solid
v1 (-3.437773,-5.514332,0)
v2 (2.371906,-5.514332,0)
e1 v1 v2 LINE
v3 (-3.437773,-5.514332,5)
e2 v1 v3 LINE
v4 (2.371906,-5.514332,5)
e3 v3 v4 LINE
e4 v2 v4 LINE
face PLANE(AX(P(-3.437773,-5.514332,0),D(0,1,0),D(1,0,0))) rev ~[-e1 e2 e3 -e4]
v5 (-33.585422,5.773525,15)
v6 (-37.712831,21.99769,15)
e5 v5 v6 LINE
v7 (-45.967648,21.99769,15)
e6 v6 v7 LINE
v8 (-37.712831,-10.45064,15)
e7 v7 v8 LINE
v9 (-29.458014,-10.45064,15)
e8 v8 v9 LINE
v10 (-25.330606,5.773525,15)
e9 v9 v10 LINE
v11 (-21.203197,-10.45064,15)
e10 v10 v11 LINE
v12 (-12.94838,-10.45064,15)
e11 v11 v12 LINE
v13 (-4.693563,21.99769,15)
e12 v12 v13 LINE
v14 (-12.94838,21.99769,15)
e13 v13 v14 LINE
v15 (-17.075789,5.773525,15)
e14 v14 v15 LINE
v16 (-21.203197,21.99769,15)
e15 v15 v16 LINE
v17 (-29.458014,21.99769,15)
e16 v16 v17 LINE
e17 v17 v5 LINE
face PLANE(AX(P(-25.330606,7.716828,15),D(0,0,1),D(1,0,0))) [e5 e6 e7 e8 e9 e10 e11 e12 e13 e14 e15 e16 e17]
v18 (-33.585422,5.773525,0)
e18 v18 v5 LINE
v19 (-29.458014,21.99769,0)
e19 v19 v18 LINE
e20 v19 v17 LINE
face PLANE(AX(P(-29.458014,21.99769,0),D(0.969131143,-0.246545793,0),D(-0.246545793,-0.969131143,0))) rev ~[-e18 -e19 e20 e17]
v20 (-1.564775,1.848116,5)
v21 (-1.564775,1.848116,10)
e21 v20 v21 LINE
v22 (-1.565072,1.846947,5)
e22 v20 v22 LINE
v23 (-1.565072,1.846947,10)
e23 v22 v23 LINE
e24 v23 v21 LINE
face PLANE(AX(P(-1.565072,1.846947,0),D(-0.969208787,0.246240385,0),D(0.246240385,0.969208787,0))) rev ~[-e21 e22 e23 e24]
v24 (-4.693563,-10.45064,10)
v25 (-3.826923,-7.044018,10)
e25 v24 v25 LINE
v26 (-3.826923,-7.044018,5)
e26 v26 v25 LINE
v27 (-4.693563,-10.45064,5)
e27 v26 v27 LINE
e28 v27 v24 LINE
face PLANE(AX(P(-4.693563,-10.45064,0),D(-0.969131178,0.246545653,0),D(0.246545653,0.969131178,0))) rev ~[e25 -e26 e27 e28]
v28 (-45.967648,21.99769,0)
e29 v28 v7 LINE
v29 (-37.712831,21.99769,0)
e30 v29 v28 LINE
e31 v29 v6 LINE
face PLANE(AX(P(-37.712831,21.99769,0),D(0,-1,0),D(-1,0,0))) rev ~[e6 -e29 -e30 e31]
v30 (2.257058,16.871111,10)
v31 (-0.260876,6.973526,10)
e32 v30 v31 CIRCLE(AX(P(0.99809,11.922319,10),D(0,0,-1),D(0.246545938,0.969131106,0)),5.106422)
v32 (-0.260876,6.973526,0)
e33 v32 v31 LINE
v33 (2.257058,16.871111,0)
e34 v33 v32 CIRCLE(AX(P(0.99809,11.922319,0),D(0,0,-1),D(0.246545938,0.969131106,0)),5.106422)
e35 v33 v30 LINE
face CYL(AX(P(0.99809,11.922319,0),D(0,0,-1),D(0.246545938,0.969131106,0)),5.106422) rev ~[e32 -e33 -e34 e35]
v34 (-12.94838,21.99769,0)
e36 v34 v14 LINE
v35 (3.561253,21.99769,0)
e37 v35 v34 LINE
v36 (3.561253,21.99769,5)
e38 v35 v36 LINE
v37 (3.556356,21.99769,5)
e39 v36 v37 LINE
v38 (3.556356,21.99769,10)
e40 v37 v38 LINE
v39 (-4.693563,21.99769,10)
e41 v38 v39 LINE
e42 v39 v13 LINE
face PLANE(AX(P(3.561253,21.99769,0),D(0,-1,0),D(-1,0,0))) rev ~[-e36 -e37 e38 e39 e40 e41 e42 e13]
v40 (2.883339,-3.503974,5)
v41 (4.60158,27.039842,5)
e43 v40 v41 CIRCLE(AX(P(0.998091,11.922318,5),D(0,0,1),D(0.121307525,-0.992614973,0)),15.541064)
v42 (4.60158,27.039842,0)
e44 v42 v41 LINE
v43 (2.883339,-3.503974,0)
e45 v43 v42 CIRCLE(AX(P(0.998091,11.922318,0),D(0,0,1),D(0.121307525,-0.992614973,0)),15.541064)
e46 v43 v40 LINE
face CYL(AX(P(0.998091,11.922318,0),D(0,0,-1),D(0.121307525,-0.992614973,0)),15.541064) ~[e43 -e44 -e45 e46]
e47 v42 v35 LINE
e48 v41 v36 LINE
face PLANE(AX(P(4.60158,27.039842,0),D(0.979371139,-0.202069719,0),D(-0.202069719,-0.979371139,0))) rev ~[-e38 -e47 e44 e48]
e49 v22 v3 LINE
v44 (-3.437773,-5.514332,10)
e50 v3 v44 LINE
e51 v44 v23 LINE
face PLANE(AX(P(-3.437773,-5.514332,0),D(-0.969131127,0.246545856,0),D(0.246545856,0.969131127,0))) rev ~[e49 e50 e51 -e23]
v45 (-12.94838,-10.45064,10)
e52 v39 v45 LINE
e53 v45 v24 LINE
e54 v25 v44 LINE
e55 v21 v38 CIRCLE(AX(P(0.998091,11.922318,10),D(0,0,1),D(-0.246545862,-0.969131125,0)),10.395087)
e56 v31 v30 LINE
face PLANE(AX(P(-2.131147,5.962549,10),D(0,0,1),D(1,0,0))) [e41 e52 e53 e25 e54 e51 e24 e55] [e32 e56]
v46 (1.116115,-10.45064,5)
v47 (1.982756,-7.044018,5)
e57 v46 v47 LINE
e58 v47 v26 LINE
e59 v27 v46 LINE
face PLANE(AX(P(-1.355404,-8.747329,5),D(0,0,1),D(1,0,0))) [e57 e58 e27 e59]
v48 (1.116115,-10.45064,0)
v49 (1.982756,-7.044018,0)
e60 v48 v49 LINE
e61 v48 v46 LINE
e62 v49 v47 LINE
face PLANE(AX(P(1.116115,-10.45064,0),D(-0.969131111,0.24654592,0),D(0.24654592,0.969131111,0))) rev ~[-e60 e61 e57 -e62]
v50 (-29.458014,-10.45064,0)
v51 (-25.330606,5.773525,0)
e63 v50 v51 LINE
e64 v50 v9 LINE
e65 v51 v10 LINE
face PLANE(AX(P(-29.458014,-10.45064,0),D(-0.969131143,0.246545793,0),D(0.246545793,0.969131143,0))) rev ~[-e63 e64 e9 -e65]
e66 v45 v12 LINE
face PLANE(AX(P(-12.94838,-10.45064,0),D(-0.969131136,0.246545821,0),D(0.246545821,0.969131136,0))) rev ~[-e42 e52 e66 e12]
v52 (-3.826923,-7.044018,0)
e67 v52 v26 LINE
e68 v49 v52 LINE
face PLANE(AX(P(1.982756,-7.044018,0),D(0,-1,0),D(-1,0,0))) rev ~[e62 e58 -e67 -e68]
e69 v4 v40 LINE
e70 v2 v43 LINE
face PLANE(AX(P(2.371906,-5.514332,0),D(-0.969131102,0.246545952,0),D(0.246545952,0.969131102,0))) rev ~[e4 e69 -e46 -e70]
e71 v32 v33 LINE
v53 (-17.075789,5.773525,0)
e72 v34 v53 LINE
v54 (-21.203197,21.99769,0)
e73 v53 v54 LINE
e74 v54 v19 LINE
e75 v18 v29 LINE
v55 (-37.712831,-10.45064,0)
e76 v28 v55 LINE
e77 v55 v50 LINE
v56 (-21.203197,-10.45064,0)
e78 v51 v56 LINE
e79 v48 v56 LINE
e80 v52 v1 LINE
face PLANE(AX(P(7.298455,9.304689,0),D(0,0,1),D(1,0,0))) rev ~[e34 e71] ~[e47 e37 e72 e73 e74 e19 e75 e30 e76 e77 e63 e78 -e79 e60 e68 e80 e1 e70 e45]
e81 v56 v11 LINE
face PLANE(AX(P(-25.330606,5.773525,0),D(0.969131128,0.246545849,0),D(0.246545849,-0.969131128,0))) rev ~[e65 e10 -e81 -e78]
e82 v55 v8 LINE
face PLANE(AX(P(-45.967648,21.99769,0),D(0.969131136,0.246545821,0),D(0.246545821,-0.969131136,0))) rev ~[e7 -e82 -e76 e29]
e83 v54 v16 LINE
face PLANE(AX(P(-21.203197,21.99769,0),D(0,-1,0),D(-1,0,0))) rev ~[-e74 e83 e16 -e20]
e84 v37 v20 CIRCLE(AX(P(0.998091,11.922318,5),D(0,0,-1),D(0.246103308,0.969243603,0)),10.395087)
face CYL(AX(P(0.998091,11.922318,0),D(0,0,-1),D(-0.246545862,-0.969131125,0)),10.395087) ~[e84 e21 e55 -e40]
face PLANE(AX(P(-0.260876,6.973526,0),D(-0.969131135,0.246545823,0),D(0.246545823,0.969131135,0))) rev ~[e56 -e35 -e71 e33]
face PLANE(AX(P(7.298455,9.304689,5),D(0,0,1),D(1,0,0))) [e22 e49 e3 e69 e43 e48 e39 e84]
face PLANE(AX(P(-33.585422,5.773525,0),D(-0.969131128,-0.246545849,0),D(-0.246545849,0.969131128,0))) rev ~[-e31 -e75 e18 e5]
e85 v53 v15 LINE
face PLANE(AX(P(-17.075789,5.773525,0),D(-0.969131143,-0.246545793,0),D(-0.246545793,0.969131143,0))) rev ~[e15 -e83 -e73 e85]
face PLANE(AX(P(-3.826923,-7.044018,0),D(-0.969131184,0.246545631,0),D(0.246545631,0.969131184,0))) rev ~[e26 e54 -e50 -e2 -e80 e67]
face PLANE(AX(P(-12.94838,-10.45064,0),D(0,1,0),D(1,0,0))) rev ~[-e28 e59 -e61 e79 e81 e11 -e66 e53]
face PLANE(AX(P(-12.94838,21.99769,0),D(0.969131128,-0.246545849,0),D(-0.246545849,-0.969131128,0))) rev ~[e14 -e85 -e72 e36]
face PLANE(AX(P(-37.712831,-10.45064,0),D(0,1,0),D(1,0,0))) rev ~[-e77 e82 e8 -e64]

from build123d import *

# Parameters (mm, degrees)
F1_DEPTH = 15
F2_DEPTH = 10
F3_DEPTH = 5


with BuildPart() as f1:
    # F0 (on Top) → F1 (new body)
    with BuildSketch(Plane.XY):
        Polygon((-37.712831, 21.99769), (-45.967648, 21.99769), (-37.712831, -10.45064), (-29.458014, -10.45064), (-25.330606, 5.773525), (-21.203197, -10.45064), (-12.94838, -10.45064), (-4.693563, 21.99769), (-12.94838, 21.99769), (-17.075789, 5.773525), (-21.203197, 21.99769), (-29.458014, 21.99769), (-33.585422, 5.773525), align=None)
    extrude(amount=F1_DEPTH)

    # F0 (on Top) → F2 (join)
    with BuildSketch(Plane.XY):
        with BuildLine():
            Line((-4.693563, 21.99769), (-12.94838, -10.45064))
            Line((-12.94838, -10.45064), (-4.693563, -10.45064))
            Line((-4.693563, -10.45064), (-3.826923, -7.044018))
            Line((-3.826923, -7.044018), (-3.437773, -5.514332))
            Line((-3.437773, -5.514332), (-1.565072, 1.846947))
            Line((-1.565072, 1.846947), (-1.564775, 1.848116))
            ThreePointArc((-1.564775, 1.848116), (11.072878, 9.361753), (3.556356, 21.99769))
            Line((3.556356, 21.99769), (-4.693563, 21.99769))
        make_face()
        with BuildLine():
            ThreePointArc((2.257058, 16.871111), (5.946883, 10.663352), (-0.260876, 6.973526))
            Line((-0.260876, 6.973526), (2.257058, 16.871111))
        make_face(mode=Mode.SUBTRACT)
    extrude(amount=F2_DEPTH)

    # F0 (on Top) → F3 (join)
    with BuildSketch(Plane.XY):
        with BuildLine():
            Line((3.561253, 21.99769), (3.556356, 21.99769))
            ThreePointArc((3.556356, 21.99769), (11.072878, 9.361753), (-1.564775, 1.848116))
            Line((-1.564775, 1.848116), (-1.565072, 1.846947))
            Line((-1.565072, 1.846947), (-3.437773, -5.514332))
            Line((-3.437773, -5.514332), (2.371906, -5.514332))
            Line((2.371906, -5.514332), (2.883339, -3.503974))
            ThreePointArc((2.883339, -3.503974), (16.514622, 11.049437), (4.60158, 27.039842))
            Line((4.60158, 27.039842), (3.561253, 21.99769))
        make_face()
        Polygon((-3.826923, -7.044018), (-4.693563, -10.45064), (1.116115, -10.45064), (1.982756, -7.044018), align=None)
    extrude(amount=F3_DEPTH)


solid = f1.part
